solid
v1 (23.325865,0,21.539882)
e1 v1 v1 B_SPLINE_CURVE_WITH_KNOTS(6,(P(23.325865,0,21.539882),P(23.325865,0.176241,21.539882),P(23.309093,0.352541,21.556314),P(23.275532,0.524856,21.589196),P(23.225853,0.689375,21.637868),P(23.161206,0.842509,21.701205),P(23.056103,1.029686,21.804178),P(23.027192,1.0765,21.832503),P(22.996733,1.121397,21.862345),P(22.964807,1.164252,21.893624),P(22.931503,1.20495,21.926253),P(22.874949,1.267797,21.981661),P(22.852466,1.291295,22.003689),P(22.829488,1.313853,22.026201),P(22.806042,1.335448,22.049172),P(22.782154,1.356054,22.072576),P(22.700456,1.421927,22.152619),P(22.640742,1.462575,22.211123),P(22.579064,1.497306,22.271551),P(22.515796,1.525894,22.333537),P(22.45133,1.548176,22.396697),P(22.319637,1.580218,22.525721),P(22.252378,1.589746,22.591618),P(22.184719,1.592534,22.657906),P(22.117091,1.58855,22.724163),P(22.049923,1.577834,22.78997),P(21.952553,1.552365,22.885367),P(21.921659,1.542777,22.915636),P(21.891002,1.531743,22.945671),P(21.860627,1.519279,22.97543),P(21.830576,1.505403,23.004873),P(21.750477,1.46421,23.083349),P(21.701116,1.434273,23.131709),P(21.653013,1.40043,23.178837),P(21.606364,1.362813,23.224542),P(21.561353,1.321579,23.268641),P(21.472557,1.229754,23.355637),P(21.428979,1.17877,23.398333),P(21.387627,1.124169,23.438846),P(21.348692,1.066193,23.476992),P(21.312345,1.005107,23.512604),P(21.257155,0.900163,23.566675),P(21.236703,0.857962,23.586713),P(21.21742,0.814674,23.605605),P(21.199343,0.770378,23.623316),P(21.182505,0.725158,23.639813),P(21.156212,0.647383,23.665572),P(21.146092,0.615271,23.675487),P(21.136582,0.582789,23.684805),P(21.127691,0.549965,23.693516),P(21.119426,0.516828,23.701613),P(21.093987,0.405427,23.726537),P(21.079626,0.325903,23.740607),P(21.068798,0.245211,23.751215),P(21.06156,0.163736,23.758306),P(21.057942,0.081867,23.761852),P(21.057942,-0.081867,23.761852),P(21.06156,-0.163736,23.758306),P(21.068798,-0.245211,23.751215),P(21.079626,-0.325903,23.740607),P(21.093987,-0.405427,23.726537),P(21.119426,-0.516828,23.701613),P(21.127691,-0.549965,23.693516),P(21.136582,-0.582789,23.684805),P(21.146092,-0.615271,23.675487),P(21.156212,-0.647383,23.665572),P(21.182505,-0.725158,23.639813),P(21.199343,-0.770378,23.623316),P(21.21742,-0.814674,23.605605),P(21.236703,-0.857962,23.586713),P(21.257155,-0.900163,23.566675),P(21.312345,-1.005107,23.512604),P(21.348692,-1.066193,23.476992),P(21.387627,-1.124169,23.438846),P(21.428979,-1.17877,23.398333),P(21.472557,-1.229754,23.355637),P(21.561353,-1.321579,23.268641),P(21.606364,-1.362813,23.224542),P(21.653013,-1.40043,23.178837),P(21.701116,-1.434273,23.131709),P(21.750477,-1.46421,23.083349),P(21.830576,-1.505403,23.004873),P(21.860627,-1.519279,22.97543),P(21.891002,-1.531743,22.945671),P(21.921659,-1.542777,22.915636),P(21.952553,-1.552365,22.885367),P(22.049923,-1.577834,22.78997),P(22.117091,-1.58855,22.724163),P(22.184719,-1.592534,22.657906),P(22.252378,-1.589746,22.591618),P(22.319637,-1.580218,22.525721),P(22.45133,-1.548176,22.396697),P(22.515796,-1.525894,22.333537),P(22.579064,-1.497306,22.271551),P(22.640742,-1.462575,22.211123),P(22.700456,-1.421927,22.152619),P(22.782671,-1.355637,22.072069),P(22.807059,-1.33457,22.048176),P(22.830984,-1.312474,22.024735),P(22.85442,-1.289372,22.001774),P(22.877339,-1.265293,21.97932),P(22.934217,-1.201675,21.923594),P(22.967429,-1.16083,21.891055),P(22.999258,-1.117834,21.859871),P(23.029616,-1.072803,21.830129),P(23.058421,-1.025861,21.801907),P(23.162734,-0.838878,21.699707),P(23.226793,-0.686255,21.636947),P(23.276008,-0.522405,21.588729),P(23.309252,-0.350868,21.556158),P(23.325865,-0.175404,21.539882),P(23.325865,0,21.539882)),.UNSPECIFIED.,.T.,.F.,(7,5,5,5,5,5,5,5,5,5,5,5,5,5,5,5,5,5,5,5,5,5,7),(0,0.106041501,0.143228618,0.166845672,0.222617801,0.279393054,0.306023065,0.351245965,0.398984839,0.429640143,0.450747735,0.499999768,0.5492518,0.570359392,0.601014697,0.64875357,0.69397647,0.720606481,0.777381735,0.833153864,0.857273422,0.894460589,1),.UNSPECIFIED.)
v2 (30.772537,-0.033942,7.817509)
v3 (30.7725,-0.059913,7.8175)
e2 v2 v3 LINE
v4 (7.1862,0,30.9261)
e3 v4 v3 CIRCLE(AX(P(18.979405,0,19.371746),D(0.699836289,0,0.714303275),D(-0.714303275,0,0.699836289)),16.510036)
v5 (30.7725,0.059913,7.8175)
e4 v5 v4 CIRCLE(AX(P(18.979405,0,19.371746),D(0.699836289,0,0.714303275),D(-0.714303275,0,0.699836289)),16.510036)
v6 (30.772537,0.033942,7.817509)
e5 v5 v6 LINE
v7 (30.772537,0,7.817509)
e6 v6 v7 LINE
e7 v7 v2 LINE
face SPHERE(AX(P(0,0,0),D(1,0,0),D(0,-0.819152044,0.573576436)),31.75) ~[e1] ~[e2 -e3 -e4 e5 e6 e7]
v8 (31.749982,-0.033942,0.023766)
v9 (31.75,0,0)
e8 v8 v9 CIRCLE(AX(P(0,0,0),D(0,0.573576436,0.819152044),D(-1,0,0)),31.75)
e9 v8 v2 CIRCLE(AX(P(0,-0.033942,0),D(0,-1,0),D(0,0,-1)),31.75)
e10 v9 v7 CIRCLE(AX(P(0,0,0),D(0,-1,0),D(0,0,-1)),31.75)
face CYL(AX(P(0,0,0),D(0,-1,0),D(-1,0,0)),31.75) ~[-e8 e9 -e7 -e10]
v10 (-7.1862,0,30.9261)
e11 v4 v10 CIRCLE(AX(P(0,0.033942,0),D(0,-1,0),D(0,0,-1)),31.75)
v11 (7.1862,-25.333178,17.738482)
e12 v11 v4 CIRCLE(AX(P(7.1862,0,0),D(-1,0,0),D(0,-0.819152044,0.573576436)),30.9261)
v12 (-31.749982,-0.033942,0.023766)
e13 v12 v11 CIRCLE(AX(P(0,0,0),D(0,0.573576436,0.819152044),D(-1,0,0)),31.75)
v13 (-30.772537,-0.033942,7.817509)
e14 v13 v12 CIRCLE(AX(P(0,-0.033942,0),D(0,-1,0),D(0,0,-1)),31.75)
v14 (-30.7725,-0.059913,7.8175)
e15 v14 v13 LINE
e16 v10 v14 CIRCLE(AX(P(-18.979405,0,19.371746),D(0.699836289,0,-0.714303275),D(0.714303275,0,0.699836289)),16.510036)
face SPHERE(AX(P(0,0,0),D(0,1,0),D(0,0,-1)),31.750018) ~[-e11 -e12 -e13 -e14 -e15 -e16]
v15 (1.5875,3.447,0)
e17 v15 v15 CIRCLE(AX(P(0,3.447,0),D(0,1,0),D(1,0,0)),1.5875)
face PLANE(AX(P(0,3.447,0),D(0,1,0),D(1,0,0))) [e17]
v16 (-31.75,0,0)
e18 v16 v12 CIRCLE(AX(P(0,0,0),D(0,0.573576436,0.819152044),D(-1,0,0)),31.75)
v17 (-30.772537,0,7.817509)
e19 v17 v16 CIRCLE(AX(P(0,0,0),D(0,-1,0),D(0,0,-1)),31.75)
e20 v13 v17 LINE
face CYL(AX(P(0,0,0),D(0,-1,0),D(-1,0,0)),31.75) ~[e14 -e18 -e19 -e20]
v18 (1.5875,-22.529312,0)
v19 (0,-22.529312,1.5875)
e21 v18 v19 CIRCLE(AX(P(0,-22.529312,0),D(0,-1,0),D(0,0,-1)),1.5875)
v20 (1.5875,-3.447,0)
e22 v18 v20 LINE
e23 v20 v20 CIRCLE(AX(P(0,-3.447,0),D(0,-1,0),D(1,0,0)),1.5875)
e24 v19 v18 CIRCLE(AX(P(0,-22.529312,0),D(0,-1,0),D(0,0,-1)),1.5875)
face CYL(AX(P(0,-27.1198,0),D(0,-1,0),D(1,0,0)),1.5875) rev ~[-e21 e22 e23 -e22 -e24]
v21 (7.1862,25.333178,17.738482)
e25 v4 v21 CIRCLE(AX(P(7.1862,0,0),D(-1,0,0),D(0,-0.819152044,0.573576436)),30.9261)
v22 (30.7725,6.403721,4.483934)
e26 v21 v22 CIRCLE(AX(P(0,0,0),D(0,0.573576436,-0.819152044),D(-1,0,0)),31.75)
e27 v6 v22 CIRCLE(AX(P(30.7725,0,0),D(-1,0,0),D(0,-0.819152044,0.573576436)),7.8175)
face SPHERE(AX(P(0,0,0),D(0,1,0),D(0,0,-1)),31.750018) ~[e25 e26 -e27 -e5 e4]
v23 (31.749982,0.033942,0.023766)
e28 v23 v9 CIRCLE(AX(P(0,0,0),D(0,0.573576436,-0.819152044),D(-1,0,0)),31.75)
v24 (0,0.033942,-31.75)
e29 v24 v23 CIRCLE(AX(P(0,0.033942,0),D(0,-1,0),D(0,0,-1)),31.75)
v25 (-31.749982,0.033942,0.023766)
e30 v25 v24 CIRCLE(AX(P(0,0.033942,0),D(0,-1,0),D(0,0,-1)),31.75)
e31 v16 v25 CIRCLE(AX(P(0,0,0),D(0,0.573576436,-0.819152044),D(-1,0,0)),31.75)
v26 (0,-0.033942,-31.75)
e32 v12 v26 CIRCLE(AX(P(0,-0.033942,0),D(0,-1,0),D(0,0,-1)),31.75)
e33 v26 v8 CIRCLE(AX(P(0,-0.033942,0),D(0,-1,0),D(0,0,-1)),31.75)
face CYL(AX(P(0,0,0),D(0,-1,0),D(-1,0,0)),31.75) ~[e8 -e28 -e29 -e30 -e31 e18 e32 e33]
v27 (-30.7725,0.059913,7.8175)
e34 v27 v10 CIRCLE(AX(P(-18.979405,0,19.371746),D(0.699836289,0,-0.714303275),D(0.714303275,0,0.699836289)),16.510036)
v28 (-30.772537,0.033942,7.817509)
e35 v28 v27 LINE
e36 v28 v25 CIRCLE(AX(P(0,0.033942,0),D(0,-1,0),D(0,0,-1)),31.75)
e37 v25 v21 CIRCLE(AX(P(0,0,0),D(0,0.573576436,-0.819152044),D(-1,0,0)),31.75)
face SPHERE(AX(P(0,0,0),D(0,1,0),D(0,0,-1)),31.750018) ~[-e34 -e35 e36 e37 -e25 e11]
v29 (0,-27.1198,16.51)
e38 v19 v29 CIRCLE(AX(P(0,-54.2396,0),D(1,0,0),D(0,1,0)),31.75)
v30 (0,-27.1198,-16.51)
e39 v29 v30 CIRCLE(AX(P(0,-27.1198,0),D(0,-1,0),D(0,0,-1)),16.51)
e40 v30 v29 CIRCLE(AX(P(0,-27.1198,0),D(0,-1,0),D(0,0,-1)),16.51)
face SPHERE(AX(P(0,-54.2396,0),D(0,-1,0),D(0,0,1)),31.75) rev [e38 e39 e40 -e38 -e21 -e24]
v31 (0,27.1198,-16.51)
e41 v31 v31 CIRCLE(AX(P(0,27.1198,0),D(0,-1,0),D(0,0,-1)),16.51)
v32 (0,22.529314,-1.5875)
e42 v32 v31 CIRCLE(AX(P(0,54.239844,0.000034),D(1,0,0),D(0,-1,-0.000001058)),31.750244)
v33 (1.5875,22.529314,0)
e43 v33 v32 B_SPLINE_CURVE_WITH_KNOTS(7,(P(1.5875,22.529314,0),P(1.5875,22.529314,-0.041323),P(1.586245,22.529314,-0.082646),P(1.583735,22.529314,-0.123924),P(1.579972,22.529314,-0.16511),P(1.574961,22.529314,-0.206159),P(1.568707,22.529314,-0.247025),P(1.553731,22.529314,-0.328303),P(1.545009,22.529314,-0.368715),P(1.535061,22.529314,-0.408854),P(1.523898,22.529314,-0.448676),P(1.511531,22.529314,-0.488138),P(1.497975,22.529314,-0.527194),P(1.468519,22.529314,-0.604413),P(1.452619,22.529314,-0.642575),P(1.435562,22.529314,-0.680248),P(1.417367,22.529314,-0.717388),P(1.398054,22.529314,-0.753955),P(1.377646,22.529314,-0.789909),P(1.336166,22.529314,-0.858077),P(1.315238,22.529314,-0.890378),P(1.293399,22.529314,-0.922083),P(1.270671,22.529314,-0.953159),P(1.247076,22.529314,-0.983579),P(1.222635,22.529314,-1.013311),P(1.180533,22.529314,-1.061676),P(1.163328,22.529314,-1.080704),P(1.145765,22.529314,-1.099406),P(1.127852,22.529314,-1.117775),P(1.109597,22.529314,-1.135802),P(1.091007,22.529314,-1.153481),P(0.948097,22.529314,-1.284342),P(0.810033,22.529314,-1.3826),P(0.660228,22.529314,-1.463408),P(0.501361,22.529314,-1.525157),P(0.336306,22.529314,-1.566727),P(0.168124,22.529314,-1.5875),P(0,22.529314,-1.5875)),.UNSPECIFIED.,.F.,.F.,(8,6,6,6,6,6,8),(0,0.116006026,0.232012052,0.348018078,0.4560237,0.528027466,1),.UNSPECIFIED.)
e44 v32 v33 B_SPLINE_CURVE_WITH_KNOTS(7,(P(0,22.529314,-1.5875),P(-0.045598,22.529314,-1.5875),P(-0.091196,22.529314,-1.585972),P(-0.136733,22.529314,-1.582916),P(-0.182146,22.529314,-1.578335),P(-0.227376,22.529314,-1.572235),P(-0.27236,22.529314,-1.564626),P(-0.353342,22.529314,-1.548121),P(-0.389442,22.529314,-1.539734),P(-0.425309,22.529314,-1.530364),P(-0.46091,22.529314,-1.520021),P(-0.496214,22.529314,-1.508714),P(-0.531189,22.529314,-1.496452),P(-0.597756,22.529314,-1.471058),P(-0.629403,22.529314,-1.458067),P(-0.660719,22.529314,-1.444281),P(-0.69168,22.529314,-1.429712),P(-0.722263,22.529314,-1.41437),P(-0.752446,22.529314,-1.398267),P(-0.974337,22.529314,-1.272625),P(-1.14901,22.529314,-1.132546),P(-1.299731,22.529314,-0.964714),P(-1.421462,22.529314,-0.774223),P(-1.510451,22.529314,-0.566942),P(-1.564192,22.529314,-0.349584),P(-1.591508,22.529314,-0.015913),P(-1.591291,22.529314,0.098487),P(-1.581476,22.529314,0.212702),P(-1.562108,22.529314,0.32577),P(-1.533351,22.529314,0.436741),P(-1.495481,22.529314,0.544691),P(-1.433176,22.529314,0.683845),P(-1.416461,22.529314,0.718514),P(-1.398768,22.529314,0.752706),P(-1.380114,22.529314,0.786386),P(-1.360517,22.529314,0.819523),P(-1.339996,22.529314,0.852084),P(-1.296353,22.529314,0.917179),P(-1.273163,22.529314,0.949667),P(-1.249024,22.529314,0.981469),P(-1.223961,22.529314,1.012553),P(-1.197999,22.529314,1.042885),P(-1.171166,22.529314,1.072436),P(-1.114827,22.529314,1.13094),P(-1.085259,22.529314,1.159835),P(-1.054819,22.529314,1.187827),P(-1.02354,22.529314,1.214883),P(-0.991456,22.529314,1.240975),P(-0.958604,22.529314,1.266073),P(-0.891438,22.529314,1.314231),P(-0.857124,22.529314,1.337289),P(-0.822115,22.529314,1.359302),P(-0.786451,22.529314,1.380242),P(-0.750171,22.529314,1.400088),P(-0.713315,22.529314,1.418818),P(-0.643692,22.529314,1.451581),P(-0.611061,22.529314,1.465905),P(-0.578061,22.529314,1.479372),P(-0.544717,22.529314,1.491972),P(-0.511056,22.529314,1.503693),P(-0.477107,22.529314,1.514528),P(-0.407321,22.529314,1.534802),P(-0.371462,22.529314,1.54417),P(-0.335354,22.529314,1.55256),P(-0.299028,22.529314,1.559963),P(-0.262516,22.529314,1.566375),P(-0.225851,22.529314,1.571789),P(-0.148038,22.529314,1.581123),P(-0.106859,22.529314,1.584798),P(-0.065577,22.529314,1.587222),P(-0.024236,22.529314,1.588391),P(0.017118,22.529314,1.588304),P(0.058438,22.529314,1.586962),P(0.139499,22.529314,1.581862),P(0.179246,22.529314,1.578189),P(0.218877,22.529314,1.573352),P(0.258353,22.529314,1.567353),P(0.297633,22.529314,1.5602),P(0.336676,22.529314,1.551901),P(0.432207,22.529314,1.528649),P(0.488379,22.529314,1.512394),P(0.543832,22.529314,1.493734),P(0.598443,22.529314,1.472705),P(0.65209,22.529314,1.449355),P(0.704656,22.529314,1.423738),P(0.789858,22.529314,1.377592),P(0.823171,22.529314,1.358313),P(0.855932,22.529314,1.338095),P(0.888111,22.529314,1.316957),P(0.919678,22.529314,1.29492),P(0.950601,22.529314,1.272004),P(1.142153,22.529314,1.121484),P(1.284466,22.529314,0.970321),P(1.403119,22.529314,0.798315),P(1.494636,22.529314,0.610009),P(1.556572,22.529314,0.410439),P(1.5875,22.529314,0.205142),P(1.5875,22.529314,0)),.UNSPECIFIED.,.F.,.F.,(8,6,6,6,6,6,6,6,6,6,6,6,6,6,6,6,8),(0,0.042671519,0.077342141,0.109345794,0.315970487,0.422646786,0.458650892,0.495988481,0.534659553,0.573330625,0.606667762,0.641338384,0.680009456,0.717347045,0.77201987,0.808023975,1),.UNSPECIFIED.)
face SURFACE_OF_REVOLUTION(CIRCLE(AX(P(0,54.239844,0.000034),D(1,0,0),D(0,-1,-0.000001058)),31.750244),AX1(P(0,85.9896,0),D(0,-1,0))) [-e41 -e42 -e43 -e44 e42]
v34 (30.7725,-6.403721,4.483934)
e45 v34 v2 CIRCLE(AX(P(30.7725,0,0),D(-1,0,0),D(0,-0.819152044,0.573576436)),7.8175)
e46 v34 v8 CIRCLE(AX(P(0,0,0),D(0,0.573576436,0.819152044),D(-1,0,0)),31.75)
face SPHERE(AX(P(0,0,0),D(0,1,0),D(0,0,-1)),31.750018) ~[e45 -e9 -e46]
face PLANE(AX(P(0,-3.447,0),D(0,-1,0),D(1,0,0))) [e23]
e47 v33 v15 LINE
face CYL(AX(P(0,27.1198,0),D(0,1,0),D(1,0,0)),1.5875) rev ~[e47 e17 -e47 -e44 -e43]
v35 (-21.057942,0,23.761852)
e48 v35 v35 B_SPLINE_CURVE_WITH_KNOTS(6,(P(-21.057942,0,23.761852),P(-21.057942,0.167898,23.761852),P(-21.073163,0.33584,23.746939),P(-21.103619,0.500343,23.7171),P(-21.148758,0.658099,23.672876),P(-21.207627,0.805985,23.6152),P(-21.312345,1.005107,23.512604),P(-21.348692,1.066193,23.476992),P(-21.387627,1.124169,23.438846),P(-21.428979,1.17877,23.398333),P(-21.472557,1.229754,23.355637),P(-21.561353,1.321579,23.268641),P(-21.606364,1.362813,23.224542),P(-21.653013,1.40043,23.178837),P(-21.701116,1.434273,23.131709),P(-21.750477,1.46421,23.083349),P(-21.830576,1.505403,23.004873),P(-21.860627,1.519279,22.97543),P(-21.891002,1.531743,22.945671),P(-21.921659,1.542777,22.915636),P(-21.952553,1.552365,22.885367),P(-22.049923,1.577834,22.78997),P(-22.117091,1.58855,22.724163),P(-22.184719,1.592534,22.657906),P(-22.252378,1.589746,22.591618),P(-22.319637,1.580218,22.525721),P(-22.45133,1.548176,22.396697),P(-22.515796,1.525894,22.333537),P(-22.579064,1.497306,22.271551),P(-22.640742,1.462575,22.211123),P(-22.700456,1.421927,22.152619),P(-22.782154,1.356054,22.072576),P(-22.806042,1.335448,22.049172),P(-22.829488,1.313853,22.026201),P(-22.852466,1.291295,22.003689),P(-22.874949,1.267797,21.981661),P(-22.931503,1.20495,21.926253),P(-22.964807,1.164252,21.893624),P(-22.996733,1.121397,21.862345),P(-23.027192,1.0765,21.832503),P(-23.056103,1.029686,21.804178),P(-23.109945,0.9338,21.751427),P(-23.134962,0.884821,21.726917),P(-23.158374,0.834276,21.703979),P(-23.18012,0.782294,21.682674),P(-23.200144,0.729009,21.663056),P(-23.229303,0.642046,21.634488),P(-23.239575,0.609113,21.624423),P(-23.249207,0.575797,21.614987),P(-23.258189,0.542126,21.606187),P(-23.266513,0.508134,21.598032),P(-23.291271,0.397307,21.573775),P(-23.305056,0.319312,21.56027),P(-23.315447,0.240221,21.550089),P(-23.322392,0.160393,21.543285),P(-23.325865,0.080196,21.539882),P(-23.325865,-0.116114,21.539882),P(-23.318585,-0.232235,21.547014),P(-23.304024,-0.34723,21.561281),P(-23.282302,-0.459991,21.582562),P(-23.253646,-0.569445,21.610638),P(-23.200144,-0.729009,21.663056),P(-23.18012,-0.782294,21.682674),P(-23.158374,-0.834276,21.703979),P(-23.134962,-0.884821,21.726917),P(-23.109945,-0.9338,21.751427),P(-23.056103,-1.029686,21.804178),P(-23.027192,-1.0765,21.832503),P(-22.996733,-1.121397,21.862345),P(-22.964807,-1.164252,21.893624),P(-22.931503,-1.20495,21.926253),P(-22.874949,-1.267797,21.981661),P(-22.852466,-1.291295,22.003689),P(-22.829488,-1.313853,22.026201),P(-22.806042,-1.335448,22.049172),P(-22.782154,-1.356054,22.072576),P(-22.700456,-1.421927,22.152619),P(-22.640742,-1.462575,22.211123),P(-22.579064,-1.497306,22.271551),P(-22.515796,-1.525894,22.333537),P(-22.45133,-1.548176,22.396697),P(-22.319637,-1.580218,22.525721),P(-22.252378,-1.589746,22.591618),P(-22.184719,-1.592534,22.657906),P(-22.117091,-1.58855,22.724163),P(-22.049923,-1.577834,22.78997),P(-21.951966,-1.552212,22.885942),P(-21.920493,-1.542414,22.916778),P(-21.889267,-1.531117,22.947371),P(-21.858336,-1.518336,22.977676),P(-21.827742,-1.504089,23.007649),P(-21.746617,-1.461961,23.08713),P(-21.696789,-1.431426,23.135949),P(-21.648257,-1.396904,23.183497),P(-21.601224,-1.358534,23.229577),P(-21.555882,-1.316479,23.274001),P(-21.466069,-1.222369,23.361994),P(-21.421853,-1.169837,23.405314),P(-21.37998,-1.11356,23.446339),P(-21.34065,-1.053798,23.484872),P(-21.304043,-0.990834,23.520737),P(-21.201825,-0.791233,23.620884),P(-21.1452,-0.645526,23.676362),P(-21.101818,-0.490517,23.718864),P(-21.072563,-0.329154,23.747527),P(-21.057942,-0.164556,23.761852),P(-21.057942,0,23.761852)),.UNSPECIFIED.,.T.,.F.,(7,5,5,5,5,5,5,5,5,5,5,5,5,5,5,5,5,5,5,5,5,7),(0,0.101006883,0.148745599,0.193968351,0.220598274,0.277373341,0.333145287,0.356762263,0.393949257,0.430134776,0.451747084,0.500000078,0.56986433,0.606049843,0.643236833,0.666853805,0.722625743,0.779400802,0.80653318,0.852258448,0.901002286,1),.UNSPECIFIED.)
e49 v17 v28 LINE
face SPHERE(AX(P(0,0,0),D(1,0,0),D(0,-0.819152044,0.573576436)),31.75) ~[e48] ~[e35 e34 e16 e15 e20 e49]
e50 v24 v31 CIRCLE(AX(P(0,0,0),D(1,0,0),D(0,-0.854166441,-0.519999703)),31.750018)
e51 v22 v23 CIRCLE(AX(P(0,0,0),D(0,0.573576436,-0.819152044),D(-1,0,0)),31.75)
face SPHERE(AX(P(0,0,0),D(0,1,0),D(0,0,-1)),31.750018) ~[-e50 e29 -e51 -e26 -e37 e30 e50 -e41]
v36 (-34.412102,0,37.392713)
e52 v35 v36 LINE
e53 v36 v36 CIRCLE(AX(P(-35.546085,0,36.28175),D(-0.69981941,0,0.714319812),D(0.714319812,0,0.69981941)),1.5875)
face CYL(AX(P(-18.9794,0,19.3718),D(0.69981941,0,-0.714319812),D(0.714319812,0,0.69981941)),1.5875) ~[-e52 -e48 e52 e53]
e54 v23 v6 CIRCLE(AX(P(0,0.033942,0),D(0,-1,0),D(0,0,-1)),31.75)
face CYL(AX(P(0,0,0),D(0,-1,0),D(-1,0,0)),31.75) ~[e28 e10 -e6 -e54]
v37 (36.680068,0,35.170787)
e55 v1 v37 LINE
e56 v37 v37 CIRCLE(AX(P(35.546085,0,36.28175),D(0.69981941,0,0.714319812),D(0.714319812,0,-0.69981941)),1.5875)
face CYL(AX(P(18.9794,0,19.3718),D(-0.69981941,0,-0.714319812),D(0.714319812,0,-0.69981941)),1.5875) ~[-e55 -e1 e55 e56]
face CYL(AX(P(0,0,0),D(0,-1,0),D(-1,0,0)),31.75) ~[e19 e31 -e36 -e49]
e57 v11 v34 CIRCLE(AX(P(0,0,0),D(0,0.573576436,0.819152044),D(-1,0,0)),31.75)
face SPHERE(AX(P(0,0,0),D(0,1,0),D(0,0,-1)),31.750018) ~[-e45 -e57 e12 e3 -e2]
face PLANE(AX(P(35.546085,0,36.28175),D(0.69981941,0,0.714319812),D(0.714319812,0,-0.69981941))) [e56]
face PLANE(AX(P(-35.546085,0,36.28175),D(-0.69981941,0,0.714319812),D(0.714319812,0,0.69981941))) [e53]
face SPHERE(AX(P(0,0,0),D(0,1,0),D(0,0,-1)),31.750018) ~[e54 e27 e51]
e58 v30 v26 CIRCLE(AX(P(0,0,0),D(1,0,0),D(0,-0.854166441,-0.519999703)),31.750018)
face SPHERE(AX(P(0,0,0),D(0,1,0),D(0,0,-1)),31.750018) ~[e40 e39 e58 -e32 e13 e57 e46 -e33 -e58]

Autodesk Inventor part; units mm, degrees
ref_plane "YZ Plane" through (0, 0, 0) normal (1, 0, 0) x (0, 1, 0)
ref_plane "XZ Plane" through (0, 0, 0) normal (0, 1, 0) x (-1, 0, 0)
ref_plane "XY Plane" through (0, 0, 0) normal (0, 0, 1) x (1, 0, 0)
sketch "Sketch3" plane through (0, 0, 0) normal (1, 0, 0) x (0, 1, 0)
  line L0 (-27.1198, 0) -> (-27.1198, -16.51)
  line L1 (27.1198, 0) -> (27.1198, -16.51)
  arc A0 (-27.1198, -16.51) -> (27.1198, -16.51) centre (0, 0) ccw
  line L2 (27.1198, 0) -> (-27.1198, 0)
revolve "Revolution2" add sketch "Sketch3" angle 360 about axis through (0, 27.1198, 0) along (0, -1, 0)
sketch "Sketch5" plane through (0, 27.1198, 0) normal (0, 1, 0) x (1, 0, 0)
  circle A0 centre (0, 0) radius 1.5875
  dimension "d7" = 3.175
extrude "Extrusion1" cut sketch "Sketch5" against normal blind 23.6728
sketch "Sketch6" plane through (0, 0, 0) normal (1, 0, 0) x (0, 1, 0)
  line L0 (27.1198, 16.51) -> (27.1198, -16.51) projected
  line L1 (27.1198, 16.51) -> (54.2396, 0)
  line L2 (54.2396, 0) -> (27.1198, -16.51)
  line L3 (27.1198, 16.51) -> (27.1198, -16.51)
  arc A0 (22.4896, 0) -> (27.1198, -16.51) centre (54.2396, 0) ccw
  line L4 (85.9896, 0) -> (22.4896, 0)
  point P0 (0, 0)
  point P1 (27.1198, 0)
  dimension "d10" = 31.75
  dimension "d11" = 31.75
  dimension "d12" = 33.02
  dimension "d13" = 63.5
revolve "Revolution3" cut sketch "Sketch6" angle 360 about axis through (0, 85.9896, 0) along (0, -1, 0) contours L0 A0 L4
sketch "Sketch7" plane through (0, -27.1198, 0) normal (0, -1, 0) x (1, 0, 0)
  circle A0 centre (0, 0) radius 1.5875 projected
  circle A1 centre (0, 0) radius 1.5875
  point P0 (0, 0)
extrude "Extrusion2" cut sketch "Sketch7" against normal blind 23.6728
sketch "Sketch8" plane through (0, 0, 0) normal (1, 0, 0) x (0, 1, 0)
  line L0 (-27.1198, 16.51) -> (-27.1198, -16.51) projected
  line L1 (-27.1198, 16.51) -> (-27.1198, -16.51)
  line L2 (-27.1198, -16.51) -> (-54.2396, 0)
  line L3 (-54.2396, 0) -> (-27.1198, 16.51)
  circle A0 centre (-54.2396, 0) radius 31.75
  line L4 (-54.2396, 0) -> (-22.4896, 0)
  point P0 (0, 0)
  point P1 (-27.1198, 0)
  point P2 (-22.4896, 0)
  dimension "d17" = 33.02
  dimension "d18" = 31.75
  dimension "d19" = 31.75
  dimension "d20" = 31.75
revolve "Revolution4" cut sketch "Sketch8" angle 360 about axis through (0, -54.2396, 0) along (0, 1, 0) picked at (-26.272, 9.2768) contours A0 L4 L0
sketch "Sketch9" plane through (0, 0, 0) normal (0, 1, 0) x (-1, 0, 0)
  circle A0 centre (0, 0) radius 31.75
  line L0 (30.7725, 7.8175) -> (7.1862, 30.9261)
  line L1 (-30.7725, 7.8175) -> (-7.1862, 30.9261)
extrude "Extrusion3" cut sketch "Sketch9" along normal mid plane 101.6 contours A0 L1 L0 keep common part
sketch "Sketch10" plane through (18.9794, 0, 19.3718) normal (0.6998, 0, 0.7143) x (0.7143, 0, -0.6998)
  circle A0 centre (0, 0) radius 1.5875
  dimension "d24" = 3.175
extrude "Extrusion4" add sketch "Sketch10" along normal blind 23.6728
sketch "Sketch11" plane through (-18.9794, 0, 19.3718) normal (-0.6998, 0, 0.7143) x (0.7143, 0, 0.6998)
  circle A0 centre (0, 0) radius 1.5875
  dimension "d27" = 3.175
extrude "Extrusion5" add sketch "Sketch11" along normal blind 23.6728
sketch "Sketch12" plane through (0, 0, 0) normal (0, 1, 0) x (-1, 0, 0)
  circle A0 centre (0, 0) radius 1.5875 projected
  circle A1 centre (0, 0) radius 31.75
  arc A2 (-30.7725, 7.8175) -> (-7.1862, 30.9261) centre (0, 0) ccw projected
  line L0 (-31.75, 0) -> (31.75, 0)
  point P0 (-1.5875, 0)
  point P1 (1.5875, 0)
  point P2 (31.75, 0)
revolve "Revolution5" add sketch "Sketch12" angle 110 mid plane about axis through (31.75, 0, 0) along (-1, 0, 0) picked at (21.4293, 2.3601) contours A0 L0 A1
properties part number "solid mid ball"
